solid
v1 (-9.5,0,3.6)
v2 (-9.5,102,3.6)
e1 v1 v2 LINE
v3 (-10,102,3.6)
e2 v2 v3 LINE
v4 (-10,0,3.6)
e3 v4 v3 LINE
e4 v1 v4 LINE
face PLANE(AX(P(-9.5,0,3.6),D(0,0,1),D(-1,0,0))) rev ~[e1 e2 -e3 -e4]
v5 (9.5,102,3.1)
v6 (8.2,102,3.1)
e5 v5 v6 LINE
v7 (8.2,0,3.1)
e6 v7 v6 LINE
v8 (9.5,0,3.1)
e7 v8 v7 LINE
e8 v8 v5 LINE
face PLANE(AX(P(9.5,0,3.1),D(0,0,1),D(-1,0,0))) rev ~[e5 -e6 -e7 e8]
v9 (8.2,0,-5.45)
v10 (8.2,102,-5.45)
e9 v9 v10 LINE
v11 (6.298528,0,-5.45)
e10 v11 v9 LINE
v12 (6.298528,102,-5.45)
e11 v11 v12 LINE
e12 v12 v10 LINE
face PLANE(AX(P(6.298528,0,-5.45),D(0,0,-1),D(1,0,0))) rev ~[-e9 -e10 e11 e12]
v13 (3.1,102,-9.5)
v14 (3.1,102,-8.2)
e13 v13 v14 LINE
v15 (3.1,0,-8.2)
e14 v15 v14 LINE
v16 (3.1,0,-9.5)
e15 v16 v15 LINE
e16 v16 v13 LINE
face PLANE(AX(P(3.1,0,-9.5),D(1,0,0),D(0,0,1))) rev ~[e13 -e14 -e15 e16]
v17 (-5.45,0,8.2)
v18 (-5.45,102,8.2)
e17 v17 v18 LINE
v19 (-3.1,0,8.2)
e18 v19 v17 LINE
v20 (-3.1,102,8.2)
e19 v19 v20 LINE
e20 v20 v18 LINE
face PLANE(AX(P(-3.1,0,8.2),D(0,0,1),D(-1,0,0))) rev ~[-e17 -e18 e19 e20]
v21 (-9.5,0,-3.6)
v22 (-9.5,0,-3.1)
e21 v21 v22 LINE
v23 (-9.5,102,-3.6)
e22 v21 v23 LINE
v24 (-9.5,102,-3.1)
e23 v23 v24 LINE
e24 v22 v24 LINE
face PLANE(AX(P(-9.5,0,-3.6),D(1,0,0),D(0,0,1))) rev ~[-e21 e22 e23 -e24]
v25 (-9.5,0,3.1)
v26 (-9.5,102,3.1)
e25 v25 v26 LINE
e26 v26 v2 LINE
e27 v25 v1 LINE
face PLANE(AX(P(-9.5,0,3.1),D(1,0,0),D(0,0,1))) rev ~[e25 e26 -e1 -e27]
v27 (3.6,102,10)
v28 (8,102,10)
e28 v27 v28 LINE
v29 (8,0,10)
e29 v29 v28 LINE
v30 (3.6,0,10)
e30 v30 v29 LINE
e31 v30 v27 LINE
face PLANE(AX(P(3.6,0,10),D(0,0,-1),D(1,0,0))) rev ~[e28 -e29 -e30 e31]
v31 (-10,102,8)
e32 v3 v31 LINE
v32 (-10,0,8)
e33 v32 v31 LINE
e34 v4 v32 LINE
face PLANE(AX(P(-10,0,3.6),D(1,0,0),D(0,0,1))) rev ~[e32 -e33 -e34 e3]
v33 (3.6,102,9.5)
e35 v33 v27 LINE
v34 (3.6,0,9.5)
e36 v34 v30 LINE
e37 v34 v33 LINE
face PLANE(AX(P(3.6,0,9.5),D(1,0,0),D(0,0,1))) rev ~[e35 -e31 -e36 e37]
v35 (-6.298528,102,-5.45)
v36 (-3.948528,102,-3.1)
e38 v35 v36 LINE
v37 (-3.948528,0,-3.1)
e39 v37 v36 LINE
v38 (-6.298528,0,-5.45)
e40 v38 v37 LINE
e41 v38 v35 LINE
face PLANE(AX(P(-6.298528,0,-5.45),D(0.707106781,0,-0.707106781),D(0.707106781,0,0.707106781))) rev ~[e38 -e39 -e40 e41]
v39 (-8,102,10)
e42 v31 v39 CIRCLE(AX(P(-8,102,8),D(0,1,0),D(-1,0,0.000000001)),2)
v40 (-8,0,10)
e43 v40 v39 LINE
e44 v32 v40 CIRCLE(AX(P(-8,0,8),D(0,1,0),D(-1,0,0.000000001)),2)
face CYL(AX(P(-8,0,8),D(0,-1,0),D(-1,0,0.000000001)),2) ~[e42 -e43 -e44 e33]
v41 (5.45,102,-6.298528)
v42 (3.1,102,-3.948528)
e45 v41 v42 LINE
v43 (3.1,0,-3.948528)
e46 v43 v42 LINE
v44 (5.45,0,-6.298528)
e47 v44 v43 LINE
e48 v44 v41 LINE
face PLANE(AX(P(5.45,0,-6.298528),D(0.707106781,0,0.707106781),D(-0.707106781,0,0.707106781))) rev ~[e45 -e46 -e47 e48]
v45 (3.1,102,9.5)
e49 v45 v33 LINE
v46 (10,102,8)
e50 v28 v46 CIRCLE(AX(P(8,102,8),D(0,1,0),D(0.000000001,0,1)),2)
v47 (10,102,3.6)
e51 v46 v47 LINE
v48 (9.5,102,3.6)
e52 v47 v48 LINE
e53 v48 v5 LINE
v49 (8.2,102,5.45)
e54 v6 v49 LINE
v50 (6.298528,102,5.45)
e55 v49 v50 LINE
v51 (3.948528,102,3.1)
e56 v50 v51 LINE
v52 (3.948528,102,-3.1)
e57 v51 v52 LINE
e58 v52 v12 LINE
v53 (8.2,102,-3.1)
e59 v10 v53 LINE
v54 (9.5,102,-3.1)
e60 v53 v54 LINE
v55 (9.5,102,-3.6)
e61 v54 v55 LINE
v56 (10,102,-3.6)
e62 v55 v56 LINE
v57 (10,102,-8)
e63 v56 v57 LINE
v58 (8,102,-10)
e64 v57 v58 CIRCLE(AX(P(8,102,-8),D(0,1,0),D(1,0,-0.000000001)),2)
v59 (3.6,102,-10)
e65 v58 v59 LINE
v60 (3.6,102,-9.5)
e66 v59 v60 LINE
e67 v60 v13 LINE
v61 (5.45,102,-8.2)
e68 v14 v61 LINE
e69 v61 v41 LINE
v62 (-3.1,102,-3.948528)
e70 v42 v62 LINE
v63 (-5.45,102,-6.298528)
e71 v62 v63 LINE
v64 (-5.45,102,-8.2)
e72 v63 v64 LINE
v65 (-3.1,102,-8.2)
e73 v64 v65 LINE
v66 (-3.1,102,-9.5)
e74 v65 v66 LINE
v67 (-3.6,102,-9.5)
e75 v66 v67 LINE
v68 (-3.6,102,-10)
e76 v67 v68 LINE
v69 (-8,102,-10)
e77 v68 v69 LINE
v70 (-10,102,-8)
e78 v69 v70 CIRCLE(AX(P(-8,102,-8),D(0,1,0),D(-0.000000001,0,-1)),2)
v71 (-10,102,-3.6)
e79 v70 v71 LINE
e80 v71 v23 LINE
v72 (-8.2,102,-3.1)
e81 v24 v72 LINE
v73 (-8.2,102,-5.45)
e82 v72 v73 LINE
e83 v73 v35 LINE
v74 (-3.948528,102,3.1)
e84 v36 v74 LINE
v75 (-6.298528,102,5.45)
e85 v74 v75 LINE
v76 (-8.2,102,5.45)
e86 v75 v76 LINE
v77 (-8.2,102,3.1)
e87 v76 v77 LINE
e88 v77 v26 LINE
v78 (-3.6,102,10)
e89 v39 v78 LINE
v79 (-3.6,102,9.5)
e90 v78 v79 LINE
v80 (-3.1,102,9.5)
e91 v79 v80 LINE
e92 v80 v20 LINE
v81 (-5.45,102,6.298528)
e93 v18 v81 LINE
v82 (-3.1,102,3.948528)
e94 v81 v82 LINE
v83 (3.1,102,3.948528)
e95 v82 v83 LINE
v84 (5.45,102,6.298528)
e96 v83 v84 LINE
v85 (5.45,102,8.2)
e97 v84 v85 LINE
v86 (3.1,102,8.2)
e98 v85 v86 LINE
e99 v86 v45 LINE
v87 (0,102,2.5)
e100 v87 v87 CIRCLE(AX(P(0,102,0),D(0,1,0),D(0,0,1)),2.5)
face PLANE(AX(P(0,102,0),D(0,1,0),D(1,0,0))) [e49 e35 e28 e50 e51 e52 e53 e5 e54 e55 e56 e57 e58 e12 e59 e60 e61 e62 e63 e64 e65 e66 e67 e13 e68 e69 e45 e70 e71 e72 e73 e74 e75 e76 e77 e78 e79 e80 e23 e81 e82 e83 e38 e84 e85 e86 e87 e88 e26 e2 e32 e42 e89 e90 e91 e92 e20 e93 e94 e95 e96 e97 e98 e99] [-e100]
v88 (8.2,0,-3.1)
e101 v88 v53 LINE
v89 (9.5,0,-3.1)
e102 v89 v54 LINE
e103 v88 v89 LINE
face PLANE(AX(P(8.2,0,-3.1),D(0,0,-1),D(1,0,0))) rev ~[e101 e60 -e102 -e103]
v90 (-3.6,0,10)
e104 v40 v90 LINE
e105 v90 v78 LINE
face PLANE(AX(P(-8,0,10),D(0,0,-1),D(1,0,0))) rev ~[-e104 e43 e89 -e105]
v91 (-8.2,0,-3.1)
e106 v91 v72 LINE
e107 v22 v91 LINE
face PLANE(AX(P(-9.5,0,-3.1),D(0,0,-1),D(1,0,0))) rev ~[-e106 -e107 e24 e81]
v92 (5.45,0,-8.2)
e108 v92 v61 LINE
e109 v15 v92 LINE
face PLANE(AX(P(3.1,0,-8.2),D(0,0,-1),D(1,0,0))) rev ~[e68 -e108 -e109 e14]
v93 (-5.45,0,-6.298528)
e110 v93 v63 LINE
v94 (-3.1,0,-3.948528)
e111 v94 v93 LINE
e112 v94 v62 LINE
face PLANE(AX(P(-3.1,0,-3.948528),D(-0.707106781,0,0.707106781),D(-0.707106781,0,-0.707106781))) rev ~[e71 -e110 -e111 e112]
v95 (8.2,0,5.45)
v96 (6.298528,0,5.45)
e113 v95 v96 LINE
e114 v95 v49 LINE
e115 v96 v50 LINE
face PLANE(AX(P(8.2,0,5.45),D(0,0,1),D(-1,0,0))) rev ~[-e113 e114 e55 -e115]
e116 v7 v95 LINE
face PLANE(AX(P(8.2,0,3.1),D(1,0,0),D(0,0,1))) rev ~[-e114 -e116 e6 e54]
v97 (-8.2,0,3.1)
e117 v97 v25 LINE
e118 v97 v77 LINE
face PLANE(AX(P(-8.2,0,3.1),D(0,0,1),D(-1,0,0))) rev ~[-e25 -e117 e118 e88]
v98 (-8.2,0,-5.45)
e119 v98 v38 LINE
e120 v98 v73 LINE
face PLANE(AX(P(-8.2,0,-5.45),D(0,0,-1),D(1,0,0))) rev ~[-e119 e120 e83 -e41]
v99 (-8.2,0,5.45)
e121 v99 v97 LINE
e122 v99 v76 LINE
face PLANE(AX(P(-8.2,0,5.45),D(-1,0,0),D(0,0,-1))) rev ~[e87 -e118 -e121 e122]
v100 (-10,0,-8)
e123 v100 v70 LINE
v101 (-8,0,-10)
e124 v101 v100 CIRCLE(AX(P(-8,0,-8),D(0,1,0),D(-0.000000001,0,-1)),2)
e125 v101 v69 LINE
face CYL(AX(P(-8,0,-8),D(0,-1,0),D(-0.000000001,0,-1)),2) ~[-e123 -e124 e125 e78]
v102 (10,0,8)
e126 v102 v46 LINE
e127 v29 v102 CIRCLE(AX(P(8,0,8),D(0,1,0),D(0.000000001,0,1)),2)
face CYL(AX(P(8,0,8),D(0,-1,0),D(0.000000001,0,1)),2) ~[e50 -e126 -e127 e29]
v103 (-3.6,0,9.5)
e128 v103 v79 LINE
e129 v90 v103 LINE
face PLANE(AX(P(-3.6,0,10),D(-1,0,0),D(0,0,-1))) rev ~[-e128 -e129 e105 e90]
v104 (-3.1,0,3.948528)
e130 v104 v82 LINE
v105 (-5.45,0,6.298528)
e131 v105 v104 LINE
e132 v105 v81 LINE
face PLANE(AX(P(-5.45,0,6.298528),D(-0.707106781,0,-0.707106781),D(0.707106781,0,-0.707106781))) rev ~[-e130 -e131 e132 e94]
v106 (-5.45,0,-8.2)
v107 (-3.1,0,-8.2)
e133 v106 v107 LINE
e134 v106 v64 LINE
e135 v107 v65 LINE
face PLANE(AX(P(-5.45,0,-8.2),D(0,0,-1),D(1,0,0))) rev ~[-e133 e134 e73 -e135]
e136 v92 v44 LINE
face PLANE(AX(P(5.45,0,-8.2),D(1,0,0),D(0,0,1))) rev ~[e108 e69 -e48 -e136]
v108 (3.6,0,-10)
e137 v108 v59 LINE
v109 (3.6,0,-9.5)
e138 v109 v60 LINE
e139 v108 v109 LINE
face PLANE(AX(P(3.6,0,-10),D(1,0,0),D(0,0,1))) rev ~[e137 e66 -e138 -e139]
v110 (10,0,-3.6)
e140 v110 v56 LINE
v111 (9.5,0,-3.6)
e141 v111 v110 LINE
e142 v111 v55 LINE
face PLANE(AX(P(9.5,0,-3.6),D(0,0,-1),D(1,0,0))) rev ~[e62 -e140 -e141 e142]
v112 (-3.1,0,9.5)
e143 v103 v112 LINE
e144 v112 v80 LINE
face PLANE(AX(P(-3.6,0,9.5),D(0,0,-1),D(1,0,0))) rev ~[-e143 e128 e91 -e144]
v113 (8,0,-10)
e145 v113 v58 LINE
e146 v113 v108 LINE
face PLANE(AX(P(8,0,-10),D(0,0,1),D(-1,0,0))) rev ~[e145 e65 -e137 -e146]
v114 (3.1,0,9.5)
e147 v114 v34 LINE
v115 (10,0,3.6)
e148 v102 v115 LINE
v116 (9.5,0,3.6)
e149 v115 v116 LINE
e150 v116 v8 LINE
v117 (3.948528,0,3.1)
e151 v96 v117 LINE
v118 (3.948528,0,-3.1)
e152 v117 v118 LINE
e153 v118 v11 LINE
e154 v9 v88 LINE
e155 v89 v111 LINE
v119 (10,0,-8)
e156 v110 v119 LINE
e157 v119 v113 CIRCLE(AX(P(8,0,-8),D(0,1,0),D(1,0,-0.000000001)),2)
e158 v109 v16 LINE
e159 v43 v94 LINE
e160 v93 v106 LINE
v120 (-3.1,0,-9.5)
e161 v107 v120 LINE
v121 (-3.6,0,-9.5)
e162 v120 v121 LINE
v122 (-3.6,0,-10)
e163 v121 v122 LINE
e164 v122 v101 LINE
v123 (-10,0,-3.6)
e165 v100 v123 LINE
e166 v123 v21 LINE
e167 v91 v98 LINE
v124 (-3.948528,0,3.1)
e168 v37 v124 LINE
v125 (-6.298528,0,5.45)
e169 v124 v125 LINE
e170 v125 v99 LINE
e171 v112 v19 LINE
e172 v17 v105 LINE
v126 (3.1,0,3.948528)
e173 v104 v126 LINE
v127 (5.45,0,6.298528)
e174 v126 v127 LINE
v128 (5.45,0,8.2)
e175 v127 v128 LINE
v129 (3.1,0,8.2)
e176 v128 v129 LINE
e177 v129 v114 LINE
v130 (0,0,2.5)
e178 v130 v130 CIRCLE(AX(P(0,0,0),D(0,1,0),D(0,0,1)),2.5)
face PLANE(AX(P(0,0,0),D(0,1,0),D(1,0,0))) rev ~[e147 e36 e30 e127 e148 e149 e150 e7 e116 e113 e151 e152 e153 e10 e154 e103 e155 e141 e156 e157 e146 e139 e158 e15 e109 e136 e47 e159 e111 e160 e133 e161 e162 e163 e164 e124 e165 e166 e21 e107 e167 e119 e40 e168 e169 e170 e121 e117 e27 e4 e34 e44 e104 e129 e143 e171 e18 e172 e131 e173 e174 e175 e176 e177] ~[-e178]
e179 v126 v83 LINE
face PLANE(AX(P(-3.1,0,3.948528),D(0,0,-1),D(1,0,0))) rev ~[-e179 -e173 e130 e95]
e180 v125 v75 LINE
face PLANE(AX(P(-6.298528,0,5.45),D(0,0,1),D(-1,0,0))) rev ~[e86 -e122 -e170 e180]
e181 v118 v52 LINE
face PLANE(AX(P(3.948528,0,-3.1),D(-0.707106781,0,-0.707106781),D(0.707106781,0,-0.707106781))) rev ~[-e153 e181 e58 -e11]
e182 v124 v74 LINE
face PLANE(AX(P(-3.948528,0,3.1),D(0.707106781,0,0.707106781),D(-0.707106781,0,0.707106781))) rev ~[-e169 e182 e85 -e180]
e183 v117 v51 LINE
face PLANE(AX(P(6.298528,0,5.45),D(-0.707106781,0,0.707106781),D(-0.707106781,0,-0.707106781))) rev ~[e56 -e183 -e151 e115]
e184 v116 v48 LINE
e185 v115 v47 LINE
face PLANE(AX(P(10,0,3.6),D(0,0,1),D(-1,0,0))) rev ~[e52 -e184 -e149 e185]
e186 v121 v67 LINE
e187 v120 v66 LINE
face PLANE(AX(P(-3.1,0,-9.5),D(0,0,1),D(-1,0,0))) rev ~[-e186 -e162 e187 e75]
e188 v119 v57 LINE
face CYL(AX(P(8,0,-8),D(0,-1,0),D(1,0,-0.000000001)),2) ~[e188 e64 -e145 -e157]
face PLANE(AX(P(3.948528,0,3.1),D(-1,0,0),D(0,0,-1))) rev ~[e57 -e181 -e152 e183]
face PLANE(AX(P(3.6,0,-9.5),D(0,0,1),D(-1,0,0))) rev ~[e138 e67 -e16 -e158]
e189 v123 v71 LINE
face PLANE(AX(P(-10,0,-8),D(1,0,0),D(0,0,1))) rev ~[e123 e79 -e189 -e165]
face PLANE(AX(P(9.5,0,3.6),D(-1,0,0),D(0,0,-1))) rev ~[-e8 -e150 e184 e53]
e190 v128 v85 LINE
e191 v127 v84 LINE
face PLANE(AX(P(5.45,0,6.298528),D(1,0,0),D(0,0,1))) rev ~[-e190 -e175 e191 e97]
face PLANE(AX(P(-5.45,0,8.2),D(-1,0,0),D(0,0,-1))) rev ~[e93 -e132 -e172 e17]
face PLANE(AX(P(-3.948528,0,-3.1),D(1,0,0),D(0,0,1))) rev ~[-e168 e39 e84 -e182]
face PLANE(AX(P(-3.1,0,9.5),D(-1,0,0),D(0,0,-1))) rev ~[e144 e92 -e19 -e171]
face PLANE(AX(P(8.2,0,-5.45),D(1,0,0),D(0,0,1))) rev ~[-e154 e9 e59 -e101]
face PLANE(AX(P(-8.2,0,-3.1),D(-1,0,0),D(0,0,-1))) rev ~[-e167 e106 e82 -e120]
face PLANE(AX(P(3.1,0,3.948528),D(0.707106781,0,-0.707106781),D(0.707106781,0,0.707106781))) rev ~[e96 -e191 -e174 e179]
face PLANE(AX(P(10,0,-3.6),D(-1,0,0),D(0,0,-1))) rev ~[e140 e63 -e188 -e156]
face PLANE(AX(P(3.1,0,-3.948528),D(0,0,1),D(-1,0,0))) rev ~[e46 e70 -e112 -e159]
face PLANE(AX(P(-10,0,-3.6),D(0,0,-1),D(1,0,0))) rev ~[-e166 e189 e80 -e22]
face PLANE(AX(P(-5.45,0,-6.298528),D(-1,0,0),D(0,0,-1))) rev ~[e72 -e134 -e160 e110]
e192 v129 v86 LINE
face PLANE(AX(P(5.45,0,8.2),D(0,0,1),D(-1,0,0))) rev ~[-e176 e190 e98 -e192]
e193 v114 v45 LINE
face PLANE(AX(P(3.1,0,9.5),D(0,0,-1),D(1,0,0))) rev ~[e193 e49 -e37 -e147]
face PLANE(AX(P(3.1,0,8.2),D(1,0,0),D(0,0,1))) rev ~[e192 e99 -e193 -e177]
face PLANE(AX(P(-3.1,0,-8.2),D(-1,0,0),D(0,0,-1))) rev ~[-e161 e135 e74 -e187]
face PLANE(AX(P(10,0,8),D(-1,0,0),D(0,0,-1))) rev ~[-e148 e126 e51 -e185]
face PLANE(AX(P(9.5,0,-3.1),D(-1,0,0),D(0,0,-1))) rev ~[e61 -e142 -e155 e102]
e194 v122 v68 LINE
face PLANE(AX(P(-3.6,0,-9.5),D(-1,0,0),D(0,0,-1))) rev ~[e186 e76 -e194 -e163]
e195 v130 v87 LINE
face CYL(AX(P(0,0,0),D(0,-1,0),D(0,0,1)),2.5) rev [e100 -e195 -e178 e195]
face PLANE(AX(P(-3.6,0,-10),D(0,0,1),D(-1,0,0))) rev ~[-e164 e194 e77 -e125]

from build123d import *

# Parameters (mm, degrees)
SKETCH_1_R      = 2.5
EXTRUDE_1_DEPTH = 102


with BuildPart() as part:
    # 草图1 → 凸台-拉伸1 (new body)
    with BuildSketch(Plane(origin=(0, 0, 0), x_dir=(1, 0, 0), z_dir=(0, 1, 0))):
        with BuildLine():
            Line((-3.948528137, -3.1), (-6.298528137, -5.45))
            Line((-6.298528137, -5.45), (-8.2, -5.45))
            Line((-8.2, -5.45), (-8.2, -3.1))
            Line((-8.2, -3.1), (-9.5, -3.1))
            Line((-9.5, -3.1), (-9.5, -3.6))
            Line((-9.5, -3.6), (-10, -3.6))
            Line((-10, -3.6), (-10, -8))
            ThreePointArc((-10, -8), (-9.414213562, -9.414213562), (-8, -10))
            Line((-8, -10), (-3.6, -10))
            Line((-3.6, -10), (-3.6, -9.5))
            Line((-3.6, -9.5), (-3.1, -9.5))
            Line((-3.1, -9.5), (-3.1, -8.2))
            Line((-3.1, -8.2), (-5.45, -8.2))
            Line((-5.45, -8.2), (-5.45, -6.298528137))
            Line((-5.45, -6.298528137), (-3.1, -3.948528137))
            Line((-3.1, -3.948528137), (0, -3.948528137))
            Line((0, -3.948528137), (3.1, -3.948528137))
            Line((3.1, -3.948528137), (5.45, -6.298528137))
            Line((5.45, -6.298528137), (5.45, -8.2))
            Line((5.45, -8.2), (3.1, -8.2))
            Line((3.1, -8.2), (3.1, -9.5))
            Line((3.1, -9.5), (3.6, -9.5))
            Line((3.6, -9.5), (3.6, -10))
            Line((3.6, -10), (8, -10))
            ThreePointArc((8, -10), (9.414213562, -9.414213562), (10, -8))
            Line((10, -8), (10, -3.6))
            Line((10, -3.6), (9.5, -3.6))
            Line((9.5, -3.6), (9.5, -3.1))
            Line((9.5, -3.1), (8.2, -3.1))
            Line((8.2, -3.1), (8.2, -5.45))
            Line((8.2, -5.45), (6.298528137, -5.45))
            Line((6.298528137, -5.45), (3.948528137, -3.1))
            Line((3.948528137, -3.1), (3.948528137, 0))
            Line((3.948528137, 0), (3.948528137, 3.1))
            Line((3.948528137, 3.1), (6.298528137, 5.45))
            Line((6.298528137, 5.45), (8.2, 5.45))
            Line((8.2, 5.45), (8.2, 3.1))
            Line((8.2, 3.1), (9.5, 3.1))
            Line((9.5, 3.1), (9.5, 3.6))
            Line((9.5, 3.6), (10, 3.6))
            Line((10, 3.6), (10, 8))
            ThreePointArc((10, 8), (9.414213562, 9.414213562), (8, 10))
            Line((8, 10), (3.6, 10))
            Line((3.6, 10), (3.6, 9.5))
            Line((3.6, 9.5), (3.1, 9.5))
            Line((3.1, 9.5), (3.1, 8.2))
            Line((3.1, 8.2), (5.45, 8.2))
            Line((5.45, 8.2), (5.45, 6.298528137))
            Line((5.45, 6.298528137), (3.1, 3.948528137))
            Line((3.1, 3.948528137), (0, 3.948528137))
            Line((0, 3.948528137), (-3.1, 3.948528137))
            Line((-3.1, 3.948528137), (-5.45, 6.298528137))
            Line((-5.45, 6.298528137), (-5.45, 8.2))
            Line((-5.45, 8.2), (-3.1, 8.2))
            Line((-3.1, 8.2), (-3.1, 9.5))
            Line((-3.1, 9.5), (-3.6, 9.5))
            Line((-3.6, 9.5), (-3.6, 10))
            Line((-3.6, 10), (-8, 10))
            ThreePointArc((-8, 10), (-9.414213562, 9.414213562), (-10, 8))
            Line((-10, 8), (-10, 3.6))
            Line((-10, 3.6), (-9.5, 3.6))
            Line((-9.5, 3.6), (-9.5, 3.1))
            Line((-9.5, 3.1), (-8.2, 3.1))
            Line((-8.2, 3.1), (-8.2, 5.45))
            Line((-8.2, 5.45), (-6.298528137, 5.45))
            Line((-6.298528137, 5.45), (-3.948528137, 3.1))
            Line((-3.948528137, 3.1), (-3.948528137, 0))
            Line((-3.948528137, 0), (-3.948528137, -3.1))
        make_face()
        with Locations(Location((0, 0, 0), (0, 0, 270))):
            Circle(SKETCH_1_R, mode=Mode.SUBTRACT)
    extrude(amount=EXTRUDE_1_DEPTH)


solid = part.part
